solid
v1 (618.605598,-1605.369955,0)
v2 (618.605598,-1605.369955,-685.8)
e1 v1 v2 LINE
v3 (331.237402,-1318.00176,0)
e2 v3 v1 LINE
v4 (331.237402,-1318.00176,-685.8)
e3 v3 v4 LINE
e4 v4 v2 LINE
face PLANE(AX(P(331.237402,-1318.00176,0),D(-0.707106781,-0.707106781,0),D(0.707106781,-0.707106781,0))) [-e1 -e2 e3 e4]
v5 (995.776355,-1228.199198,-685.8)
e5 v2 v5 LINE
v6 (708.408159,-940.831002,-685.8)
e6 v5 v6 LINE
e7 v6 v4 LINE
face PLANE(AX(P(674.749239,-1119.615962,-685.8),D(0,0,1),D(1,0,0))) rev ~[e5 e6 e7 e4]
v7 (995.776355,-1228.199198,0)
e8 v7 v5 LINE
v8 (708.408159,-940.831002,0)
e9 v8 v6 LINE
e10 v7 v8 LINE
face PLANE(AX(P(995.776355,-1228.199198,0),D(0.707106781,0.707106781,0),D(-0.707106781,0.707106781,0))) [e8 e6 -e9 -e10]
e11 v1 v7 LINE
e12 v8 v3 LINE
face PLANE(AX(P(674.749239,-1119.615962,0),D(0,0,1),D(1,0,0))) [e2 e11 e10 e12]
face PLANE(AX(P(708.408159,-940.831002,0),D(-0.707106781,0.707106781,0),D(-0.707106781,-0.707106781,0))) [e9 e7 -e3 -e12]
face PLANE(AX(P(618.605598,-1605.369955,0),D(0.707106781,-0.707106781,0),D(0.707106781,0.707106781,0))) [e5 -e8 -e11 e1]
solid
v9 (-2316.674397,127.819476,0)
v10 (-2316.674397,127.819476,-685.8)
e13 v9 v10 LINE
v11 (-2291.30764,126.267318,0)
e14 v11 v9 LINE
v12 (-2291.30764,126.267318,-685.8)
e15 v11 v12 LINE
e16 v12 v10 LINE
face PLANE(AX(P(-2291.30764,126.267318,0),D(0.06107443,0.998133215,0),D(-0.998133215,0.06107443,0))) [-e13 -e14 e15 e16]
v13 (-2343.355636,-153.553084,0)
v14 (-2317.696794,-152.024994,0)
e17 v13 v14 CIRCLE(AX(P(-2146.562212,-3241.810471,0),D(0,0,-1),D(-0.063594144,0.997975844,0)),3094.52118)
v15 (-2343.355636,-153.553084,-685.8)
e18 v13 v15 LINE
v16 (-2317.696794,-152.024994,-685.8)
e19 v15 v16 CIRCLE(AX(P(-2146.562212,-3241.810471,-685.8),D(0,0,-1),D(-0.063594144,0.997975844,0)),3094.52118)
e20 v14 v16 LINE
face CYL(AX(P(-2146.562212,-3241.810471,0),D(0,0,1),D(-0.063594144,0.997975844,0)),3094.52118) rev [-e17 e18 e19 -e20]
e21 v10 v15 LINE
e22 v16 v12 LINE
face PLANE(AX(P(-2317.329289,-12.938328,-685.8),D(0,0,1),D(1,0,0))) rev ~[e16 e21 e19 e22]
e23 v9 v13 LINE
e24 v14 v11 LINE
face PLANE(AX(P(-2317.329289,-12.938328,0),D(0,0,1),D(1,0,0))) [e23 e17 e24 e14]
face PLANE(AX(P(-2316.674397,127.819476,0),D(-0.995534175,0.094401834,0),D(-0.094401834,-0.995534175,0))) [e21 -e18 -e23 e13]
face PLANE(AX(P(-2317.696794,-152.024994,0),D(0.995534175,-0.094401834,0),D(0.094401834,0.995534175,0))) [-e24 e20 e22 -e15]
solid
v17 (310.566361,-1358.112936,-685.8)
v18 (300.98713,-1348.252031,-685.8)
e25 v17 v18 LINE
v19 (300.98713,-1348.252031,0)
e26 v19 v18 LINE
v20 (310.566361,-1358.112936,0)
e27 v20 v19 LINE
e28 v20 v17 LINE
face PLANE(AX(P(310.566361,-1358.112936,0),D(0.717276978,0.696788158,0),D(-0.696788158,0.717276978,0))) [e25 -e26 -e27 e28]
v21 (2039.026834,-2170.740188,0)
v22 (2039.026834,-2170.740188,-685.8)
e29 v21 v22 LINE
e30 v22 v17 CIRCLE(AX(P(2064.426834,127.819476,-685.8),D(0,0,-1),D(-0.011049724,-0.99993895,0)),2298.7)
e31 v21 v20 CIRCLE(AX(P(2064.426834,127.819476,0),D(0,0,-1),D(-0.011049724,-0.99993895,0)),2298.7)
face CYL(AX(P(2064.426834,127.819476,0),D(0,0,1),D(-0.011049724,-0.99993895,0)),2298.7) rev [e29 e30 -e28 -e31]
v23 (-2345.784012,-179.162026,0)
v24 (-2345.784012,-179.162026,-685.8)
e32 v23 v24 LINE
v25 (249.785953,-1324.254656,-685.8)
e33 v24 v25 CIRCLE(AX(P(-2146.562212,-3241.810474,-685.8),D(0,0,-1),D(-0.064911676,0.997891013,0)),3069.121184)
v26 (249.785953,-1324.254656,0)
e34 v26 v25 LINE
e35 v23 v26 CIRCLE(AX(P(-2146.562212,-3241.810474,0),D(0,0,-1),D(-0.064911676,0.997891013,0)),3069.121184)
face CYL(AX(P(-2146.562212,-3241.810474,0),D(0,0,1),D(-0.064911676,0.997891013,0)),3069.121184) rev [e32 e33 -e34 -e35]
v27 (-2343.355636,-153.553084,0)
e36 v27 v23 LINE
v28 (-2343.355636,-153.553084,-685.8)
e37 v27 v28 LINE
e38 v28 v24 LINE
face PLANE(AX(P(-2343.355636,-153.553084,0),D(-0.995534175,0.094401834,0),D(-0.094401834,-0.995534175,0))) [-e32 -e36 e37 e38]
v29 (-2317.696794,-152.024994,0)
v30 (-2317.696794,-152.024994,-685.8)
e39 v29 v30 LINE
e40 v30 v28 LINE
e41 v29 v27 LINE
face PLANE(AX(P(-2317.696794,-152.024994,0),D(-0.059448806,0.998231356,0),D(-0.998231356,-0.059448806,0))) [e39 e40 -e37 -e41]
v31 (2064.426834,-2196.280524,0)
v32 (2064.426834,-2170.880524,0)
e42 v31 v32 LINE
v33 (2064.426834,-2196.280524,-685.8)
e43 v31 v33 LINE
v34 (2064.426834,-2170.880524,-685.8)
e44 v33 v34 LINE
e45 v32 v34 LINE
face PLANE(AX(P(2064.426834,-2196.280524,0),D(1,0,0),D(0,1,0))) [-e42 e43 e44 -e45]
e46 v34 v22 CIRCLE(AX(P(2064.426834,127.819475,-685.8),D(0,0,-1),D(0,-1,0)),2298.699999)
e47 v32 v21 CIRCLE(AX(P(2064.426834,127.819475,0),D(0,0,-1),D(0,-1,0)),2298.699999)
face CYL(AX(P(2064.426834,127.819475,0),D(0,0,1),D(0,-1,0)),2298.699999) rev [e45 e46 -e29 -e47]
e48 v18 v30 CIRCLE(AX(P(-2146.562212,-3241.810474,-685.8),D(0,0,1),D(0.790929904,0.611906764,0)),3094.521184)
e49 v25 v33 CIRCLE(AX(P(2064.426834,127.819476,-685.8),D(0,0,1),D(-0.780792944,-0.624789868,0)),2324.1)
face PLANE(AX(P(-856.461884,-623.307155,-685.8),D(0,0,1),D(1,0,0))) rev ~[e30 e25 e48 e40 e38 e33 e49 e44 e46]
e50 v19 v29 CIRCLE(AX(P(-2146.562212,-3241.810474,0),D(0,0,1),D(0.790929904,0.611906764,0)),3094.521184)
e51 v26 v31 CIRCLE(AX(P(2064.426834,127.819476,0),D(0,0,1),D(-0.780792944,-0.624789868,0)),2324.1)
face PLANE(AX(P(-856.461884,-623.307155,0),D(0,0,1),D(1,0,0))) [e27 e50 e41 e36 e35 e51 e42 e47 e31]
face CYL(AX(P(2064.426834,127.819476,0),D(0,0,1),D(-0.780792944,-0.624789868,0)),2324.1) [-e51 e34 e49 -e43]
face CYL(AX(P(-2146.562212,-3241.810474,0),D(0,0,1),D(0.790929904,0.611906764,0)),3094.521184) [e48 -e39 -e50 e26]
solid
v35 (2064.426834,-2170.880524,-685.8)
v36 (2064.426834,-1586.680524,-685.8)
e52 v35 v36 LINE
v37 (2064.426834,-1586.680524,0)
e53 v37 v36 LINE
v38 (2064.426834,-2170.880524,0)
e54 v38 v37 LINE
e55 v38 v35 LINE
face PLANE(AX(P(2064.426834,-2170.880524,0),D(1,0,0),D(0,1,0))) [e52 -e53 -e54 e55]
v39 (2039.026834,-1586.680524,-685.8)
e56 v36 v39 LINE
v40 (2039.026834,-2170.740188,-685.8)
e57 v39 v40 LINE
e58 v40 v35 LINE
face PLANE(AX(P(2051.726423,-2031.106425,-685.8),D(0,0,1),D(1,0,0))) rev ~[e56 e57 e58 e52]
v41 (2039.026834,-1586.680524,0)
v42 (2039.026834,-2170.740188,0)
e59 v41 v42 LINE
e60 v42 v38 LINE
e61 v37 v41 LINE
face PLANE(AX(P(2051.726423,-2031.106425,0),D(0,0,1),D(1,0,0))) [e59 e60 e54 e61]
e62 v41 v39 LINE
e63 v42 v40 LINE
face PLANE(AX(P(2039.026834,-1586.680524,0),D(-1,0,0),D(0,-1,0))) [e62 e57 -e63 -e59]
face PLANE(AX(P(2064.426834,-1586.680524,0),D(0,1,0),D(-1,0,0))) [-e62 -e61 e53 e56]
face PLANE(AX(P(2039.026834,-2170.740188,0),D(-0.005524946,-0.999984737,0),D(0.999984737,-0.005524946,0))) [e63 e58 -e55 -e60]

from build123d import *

# Parameters (mm, degrees)
F1_DEPTH = 685.8
F2_DEPTH = 685.8
F3_DEPTH = 685.8
F4_DEPTH = 685.8


with BuildPart() as f1:
    # F0 (on Top) → F1 (new body)
    with BuildSketch(Plane.XY):
        with BuildLine():
            Line((2064.4268335681, -2170.8805240781), (2064.4268335681, -1891.4805240781))
            ThreePointArc((2064.4268335681, -1891.4805240781), (2051.726582374, -1891.4405849964), (2039.0268335682, -1891.320769331))
            Line((2039.0268335681, -1891.320769331), (2039.0268335681, -2170.7401883026))
            Line((2039.0268335681, -2170.7401883026), (2064.4268335681, -2170.8805240781))
        make_face()
        with BuildLine():
            Line((2064.4268335681, -1891.4805240781), (2064.4268335681, -1586.6805240781))
            Line((2064.4268335681, -1586.6805240781), (2039.0268335681, -1586.6805240781))
            Line((2039.0268335681, -1586.6805240781), (2039.0268335681, -1891.320769331))
            ThreePointArc((2039.0268335682, -1891.320769331), (2051.726582374, -1891.4405849964), (2064.4268335681, -1891.4805240781))
        make_face()
    extrude(amount=-F1_DEPTH)


with BuildPart() as f2:
    # F0 (on Top) → F2 (new body)
    with BuildSketch(Plane.XY):
        with BuildLine():
            Line((-2317.6967938555, -152.0249940366), (-2343.3556362702, -153.5530842325))
            Line((-2343.3556362702, -153.5530842325), (-2345.7840120459, -179.1620260819))
            ThreePointArc((-2345.7840120459, -179.1620260819), (-907.7521586728, -433.8121667128), (249.7859527251, -1324.2546556476))
            ThreePointArc((249.7859527251, -1324.2546556476), (332.7689220118, -1422.2778395214), (421.0399634125, -1515.5673942338))
            Line((421.0399634125, -1515.5673942338), (439.0004756546, -1497.6068819916))
            ThreePointArc((439.0004756546, -1497.6068819916), (373.3444845796, -1429.1847562302), (310.5663609149, -1358.1129358871))
            Line((310.5663609149, -1358.1129358871), (300.9871304167, -1348.2520313553))
            ThreePointArc((300.9871304167, -1348.2520313553), (-860.7722517839, -427.062610277), (-2317.6967938555, -152.0249940366))
        make_face()
        with BuildLine():
            Line((439.0004756546, -1497.6068819916), (421.0399634125, -1515.5673942338))
            ThreePointArc((421.0399634125, -1515.5673942338), (1175.0322684085, -2019.3689455876), (2064.4268335681, -2196.2805240781))
            Line((2064.4268335681, -2196.2805240781), (2064.4268335681, -2170.8805240781))
            ThreePointArc((2064.4268335681, -2170.8805240781), (2051.7266397298, -2170.8454398665), (2039.0268335681, -2170.7401883026))
            ThreePointArc((2039.0268335681, -2170.7401883026), (1267.6469310258, -2028.3724164904), (589.0477069831, -1634.9278465373))
            ThreePointArc((589.0477069831, -1634.9278465373), (512.5045014265, -1567.9277826635), (439.0004756546, -1497.6068819916))
        make_face()
    extrude(amount=-F2_DEPTH)


with BuildPart() as f3:
    # F0 (on Top) → F3 (new body)
    with BuildSketch(Plane.XY):
        with BuildLine():
            Line((-2291.3076398854, 126.2673181521), (-2316.6743968408, 127.8194759219))
            Line((-2316.6743968408, 127.8194759219), (-2343.3556362702, -153.5530842325))
            ThreePointArc((-2343.3556362702, -153.5530842325), (-2330.5278016841, -152.7623974711), (-2317.6967938555, -152.0249940366))
            Line((-2317.6967938555, -152.0249940366), (-2291.3076398854, 126.2673181521))
        make_face()
    extrude(amount=-F3_DEPTH)


with BuildPart() as f4:
    # F0 (on Top) → F4 (new body)
    with BuildSketch(Plane.XY):
        with BuildLine():
            Line((636.5661103181, -1300.0412473281), (852.0922572238, -1084.5151004224))
            Line((852.0922572238, -1084.5151004224), (708.4081592867, -940.8310024853))
            Line((708.4081592867, -940.8310024853), (500.129795735, -1149.109366037))
            ThreePointArc((500.129795735, -1149.109366037), (566.4458173333, -1226.2947603965), (636.5661103182, -1300.0412473281))
        make_face()
        with BuildLine():
            Line((995.7763551609, -1228.1991983595), (852.0922572238, -1084.5151004224))
            Line((852.0922572238, -1084.5151004224), (636.5661103181, -1300.0412473281))
            ThreePointArc((636.5661103182, -1300.0412473281), (710.3125972498, -1370.161540313), (787.4979916092, -1436.4775619112))
            Line((787.4979916092, -1436.4775619112), (995.7763551609, -1228.1991983595))
        make_face()
        with BuildLine():
            ThreePointArc((636.5661103182, -1300.0412473281), (566.4458173333, -1226.2947603965), (500.129795735, -1149.109366037))
            Line((500.129795735, -1149.109366037), (331.2374022018, -1318.0017595702))
            Line((331.2374022018, -1318.0017595702), (474.9215001389, -1461.6858575073))
            Line((474.9215001389, -1461.6858575073), (636.5661103181, -1300.0412473281))
        make_face()
        with BuildLine():
            ThreePointArc((787.4979916092, -1436.4775619112), (710.3125972498, -1370.161540313), (636.5661103182, -1300.0412473281))
            Line((636.5661103181, -1300.0412473281), (474.9215001389, -1461.6858575073))
            Line((474.9215001389, -1461.6858575073), (618.605598076, -1605.3699554445))
            Line((618.605598076, -1605.3699554445), (787.4979916092, -1436.4775619112))
        make_face()
    extrude(amount=-F4_DEPTH)


solid = Compound([f1.part, f2.part, f3.part, f4.part])
